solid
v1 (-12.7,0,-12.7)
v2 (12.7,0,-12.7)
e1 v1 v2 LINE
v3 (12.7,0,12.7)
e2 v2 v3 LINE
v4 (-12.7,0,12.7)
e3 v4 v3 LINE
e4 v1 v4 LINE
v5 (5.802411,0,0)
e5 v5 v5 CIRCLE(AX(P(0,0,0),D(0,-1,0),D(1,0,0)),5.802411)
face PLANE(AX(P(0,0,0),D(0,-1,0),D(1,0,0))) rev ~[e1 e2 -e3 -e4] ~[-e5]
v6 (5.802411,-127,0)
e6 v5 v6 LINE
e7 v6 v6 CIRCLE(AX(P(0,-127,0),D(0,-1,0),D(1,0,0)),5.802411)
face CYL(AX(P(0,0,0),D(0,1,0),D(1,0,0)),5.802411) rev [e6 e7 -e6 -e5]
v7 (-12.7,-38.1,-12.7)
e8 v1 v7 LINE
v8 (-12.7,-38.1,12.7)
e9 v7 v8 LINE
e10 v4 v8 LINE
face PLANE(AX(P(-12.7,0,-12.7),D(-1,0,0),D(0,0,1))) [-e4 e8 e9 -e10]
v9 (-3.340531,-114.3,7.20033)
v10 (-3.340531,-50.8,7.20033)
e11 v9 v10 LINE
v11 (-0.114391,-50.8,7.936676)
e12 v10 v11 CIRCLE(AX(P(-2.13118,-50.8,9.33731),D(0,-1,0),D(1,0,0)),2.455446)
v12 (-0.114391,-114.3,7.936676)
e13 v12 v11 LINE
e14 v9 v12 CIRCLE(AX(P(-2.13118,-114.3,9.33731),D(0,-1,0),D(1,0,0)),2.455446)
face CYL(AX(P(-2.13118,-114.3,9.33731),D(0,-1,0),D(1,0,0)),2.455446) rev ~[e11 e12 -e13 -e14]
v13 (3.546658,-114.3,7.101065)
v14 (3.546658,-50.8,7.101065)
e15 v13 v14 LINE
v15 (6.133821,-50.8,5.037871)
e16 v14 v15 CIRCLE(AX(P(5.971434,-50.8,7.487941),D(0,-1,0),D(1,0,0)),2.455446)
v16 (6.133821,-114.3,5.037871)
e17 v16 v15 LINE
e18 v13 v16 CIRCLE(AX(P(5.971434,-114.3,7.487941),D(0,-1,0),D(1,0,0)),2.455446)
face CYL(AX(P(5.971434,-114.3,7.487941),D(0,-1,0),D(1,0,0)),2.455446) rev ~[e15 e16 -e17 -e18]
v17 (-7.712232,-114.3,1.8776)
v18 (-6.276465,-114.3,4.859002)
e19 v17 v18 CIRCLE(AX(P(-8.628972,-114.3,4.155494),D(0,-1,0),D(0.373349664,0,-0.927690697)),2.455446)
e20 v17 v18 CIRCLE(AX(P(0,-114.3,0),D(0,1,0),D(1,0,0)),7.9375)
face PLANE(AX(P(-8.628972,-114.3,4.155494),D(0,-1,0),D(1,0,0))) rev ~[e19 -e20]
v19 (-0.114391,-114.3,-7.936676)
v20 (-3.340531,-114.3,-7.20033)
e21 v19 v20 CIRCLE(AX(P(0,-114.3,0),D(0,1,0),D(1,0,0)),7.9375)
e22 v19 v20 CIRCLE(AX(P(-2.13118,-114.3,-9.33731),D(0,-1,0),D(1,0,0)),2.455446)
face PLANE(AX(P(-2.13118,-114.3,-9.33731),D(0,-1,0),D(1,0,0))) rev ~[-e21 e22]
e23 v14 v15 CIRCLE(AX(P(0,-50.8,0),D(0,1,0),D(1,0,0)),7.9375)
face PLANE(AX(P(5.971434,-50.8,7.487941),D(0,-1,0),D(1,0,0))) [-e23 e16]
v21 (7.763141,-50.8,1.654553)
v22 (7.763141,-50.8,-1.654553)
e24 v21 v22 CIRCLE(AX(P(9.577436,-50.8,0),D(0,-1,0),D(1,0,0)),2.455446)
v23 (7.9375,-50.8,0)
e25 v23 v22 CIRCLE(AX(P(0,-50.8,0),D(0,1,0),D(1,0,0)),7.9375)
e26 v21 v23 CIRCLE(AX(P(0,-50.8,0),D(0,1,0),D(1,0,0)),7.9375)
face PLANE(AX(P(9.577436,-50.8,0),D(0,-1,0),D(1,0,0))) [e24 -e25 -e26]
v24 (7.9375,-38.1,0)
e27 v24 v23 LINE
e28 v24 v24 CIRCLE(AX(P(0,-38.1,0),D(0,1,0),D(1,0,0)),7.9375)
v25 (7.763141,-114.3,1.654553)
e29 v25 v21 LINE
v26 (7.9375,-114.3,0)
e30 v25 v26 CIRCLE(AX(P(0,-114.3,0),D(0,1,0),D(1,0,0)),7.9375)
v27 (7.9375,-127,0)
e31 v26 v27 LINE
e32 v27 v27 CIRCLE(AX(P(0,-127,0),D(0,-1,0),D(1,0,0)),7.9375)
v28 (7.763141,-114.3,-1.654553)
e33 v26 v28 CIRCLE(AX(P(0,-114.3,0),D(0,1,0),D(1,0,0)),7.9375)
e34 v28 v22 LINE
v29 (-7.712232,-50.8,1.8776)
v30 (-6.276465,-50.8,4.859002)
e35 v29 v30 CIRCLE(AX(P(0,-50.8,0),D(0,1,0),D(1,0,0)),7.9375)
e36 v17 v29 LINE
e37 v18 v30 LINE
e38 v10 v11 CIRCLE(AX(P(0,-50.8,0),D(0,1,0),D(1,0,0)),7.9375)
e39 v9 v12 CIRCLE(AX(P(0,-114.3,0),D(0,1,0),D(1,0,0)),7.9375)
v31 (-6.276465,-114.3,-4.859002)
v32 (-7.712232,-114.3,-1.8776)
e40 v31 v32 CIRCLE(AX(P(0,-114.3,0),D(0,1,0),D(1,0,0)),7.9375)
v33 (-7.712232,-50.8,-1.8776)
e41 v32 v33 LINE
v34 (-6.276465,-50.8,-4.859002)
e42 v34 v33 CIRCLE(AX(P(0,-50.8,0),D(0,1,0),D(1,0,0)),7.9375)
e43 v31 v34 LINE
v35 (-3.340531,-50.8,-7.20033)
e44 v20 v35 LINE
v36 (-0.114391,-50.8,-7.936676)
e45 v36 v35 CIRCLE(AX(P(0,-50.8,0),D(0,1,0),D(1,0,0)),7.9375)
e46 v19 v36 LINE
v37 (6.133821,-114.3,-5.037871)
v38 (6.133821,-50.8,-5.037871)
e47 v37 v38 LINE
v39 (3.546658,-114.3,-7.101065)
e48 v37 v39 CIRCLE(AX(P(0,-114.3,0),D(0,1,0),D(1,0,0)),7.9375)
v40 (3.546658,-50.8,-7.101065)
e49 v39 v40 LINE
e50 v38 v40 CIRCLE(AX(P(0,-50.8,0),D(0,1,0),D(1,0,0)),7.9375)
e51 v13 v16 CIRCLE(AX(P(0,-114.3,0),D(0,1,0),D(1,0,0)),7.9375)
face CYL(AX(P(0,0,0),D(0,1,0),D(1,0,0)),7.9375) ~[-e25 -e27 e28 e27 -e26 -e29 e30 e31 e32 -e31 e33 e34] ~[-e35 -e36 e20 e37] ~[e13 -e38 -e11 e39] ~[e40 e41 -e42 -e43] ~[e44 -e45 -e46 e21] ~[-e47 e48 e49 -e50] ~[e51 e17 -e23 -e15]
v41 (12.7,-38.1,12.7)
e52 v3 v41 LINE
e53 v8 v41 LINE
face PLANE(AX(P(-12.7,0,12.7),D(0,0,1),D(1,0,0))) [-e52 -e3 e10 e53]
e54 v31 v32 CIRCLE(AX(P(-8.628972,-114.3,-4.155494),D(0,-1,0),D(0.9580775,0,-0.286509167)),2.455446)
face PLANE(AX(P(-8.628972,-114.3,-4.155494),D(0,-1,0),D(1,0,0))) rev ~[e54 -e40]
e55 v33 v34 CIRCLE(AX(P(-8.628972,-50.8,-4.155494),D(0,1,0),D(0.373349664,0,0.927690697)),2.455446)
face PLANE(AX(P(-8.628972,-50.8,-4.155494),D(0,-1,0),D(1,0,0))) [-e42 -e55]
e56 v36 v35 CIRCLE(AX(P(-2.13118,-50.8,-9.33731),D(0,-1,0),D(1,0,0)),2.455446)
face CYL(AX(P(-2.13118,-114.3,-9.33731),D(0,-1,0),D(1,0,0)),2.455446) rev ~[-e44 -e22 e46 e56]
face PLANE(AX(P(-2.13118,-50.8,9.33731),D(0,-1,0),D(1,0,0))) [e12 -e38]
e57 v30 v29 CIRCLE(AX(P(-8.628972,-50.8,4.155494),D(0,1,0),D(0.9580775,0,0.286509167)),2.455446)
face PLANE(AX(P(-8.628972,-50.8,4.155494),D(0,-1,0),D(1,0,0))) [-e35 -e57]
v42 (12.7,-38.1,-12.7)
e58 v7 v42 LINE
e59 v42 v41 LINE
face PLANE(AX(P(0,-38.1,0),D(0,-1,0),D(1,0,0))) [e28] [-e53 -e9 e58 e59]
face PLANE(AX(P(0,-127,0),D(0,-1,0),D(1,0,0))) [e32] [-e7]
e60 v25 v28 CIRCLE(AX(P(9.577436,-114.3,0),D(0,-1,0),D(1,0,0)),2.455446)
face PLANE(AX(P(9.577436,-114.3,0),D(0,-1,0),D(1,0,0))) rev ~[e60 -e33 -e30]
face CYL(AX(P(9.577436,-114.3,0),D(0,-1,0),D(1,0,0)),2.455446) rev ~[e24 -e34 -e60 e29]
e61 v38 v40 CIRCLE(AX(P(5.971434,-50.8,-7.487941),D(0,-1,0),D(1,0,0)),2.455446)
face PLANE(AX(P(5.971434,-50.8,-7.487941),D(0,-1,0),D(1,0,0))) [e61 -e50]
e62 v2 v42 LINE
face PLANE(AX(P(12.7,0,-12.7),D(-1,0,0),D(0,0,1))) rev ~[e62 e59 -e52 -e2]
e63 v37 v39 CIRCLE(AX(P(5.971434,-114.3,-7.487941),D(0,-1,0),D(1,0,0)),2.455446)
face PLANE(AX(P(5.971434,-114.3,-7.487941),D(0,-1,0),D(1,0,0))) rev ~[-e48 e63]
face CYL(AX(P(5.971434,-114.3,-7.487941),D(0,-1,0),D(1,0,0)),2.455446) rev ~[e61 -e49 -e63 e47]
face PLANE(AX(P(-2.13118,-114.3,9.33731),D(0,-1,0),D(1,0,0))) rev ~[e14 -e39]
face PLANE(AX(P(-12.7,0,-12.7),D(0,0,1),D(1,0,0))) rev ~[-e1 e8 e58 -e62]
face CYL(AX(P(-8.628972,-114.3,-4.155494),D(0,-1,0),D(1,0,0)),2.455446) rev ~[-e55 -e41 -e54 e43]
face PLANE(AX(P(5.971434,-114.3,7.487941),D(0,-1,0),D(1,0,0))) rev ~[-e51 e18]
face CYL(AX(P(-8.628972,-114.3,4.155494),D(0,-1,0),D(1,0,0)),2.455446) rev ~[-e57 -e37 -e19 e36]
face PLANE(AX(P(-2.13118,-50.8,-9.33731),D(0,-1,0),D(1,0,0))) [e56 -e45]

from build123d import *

# Parameters (mm, degrees)
F0_W     = 25.4
F0_H     = 25.4
F0_R     = 7.9375
F0_R_2   = 5.8024107256
F1_DEPTH = 38.1
F2_DEPTH = 127
F4_START = -12.7
F3_R     = 2.4554456834
F4_DEPTH = 63.5


with BuildPart() as f1:
    # F0 (on Front) → F1 (new body)
    with BuildSketch(Plane.XZ):
        Rectangle(F0_W, F0_H)
        Circle(F0_R, mode=Mode.SUBTRACT)
        Circle(F0_R)
        Circle(F0_R_2, mode=Mode.SUBTRACT)
    extrude(amount=F1_DEPTH)

    # F0 (on Front) → F2 (join)
    with BuildSketch(Plane.XZ):
        Circle(F0_R)
        Circle(F0_R_2, mode=Mode.SUBTRACT)
    extrude(amount=F2_DEPTH)

    # F3 (on face) → F4 (cut)
    with BuildSketch(Plane.XZ.offset(127).offset(F4_START)):
        with Locations((9.5774363726, 0)):
            Circle(F3_R)
        with Locations((5.9714339063, 7.4879412775)):
            Circle(F3_R)
        with Locations((-2.1311800865, 9.3373100468)):
            Circle(F3_R)
        with Locations((-8.6289720061, 4.1554939045)):
            Circle(F3_R)
        with Locations((-8.6289720061, -4.1554939045)):
            Circle(F3_R)
        with Locations((-2.1311800865, -9.3373100468)):
            Circle(F3_R)
        with Locations((5.9714339063, -7.4879412775)):
            Circle(F3_R)
    extrude(amount=-F4_DEPTH, mode=Mode.SUBTRACT)


solid = f1.part
